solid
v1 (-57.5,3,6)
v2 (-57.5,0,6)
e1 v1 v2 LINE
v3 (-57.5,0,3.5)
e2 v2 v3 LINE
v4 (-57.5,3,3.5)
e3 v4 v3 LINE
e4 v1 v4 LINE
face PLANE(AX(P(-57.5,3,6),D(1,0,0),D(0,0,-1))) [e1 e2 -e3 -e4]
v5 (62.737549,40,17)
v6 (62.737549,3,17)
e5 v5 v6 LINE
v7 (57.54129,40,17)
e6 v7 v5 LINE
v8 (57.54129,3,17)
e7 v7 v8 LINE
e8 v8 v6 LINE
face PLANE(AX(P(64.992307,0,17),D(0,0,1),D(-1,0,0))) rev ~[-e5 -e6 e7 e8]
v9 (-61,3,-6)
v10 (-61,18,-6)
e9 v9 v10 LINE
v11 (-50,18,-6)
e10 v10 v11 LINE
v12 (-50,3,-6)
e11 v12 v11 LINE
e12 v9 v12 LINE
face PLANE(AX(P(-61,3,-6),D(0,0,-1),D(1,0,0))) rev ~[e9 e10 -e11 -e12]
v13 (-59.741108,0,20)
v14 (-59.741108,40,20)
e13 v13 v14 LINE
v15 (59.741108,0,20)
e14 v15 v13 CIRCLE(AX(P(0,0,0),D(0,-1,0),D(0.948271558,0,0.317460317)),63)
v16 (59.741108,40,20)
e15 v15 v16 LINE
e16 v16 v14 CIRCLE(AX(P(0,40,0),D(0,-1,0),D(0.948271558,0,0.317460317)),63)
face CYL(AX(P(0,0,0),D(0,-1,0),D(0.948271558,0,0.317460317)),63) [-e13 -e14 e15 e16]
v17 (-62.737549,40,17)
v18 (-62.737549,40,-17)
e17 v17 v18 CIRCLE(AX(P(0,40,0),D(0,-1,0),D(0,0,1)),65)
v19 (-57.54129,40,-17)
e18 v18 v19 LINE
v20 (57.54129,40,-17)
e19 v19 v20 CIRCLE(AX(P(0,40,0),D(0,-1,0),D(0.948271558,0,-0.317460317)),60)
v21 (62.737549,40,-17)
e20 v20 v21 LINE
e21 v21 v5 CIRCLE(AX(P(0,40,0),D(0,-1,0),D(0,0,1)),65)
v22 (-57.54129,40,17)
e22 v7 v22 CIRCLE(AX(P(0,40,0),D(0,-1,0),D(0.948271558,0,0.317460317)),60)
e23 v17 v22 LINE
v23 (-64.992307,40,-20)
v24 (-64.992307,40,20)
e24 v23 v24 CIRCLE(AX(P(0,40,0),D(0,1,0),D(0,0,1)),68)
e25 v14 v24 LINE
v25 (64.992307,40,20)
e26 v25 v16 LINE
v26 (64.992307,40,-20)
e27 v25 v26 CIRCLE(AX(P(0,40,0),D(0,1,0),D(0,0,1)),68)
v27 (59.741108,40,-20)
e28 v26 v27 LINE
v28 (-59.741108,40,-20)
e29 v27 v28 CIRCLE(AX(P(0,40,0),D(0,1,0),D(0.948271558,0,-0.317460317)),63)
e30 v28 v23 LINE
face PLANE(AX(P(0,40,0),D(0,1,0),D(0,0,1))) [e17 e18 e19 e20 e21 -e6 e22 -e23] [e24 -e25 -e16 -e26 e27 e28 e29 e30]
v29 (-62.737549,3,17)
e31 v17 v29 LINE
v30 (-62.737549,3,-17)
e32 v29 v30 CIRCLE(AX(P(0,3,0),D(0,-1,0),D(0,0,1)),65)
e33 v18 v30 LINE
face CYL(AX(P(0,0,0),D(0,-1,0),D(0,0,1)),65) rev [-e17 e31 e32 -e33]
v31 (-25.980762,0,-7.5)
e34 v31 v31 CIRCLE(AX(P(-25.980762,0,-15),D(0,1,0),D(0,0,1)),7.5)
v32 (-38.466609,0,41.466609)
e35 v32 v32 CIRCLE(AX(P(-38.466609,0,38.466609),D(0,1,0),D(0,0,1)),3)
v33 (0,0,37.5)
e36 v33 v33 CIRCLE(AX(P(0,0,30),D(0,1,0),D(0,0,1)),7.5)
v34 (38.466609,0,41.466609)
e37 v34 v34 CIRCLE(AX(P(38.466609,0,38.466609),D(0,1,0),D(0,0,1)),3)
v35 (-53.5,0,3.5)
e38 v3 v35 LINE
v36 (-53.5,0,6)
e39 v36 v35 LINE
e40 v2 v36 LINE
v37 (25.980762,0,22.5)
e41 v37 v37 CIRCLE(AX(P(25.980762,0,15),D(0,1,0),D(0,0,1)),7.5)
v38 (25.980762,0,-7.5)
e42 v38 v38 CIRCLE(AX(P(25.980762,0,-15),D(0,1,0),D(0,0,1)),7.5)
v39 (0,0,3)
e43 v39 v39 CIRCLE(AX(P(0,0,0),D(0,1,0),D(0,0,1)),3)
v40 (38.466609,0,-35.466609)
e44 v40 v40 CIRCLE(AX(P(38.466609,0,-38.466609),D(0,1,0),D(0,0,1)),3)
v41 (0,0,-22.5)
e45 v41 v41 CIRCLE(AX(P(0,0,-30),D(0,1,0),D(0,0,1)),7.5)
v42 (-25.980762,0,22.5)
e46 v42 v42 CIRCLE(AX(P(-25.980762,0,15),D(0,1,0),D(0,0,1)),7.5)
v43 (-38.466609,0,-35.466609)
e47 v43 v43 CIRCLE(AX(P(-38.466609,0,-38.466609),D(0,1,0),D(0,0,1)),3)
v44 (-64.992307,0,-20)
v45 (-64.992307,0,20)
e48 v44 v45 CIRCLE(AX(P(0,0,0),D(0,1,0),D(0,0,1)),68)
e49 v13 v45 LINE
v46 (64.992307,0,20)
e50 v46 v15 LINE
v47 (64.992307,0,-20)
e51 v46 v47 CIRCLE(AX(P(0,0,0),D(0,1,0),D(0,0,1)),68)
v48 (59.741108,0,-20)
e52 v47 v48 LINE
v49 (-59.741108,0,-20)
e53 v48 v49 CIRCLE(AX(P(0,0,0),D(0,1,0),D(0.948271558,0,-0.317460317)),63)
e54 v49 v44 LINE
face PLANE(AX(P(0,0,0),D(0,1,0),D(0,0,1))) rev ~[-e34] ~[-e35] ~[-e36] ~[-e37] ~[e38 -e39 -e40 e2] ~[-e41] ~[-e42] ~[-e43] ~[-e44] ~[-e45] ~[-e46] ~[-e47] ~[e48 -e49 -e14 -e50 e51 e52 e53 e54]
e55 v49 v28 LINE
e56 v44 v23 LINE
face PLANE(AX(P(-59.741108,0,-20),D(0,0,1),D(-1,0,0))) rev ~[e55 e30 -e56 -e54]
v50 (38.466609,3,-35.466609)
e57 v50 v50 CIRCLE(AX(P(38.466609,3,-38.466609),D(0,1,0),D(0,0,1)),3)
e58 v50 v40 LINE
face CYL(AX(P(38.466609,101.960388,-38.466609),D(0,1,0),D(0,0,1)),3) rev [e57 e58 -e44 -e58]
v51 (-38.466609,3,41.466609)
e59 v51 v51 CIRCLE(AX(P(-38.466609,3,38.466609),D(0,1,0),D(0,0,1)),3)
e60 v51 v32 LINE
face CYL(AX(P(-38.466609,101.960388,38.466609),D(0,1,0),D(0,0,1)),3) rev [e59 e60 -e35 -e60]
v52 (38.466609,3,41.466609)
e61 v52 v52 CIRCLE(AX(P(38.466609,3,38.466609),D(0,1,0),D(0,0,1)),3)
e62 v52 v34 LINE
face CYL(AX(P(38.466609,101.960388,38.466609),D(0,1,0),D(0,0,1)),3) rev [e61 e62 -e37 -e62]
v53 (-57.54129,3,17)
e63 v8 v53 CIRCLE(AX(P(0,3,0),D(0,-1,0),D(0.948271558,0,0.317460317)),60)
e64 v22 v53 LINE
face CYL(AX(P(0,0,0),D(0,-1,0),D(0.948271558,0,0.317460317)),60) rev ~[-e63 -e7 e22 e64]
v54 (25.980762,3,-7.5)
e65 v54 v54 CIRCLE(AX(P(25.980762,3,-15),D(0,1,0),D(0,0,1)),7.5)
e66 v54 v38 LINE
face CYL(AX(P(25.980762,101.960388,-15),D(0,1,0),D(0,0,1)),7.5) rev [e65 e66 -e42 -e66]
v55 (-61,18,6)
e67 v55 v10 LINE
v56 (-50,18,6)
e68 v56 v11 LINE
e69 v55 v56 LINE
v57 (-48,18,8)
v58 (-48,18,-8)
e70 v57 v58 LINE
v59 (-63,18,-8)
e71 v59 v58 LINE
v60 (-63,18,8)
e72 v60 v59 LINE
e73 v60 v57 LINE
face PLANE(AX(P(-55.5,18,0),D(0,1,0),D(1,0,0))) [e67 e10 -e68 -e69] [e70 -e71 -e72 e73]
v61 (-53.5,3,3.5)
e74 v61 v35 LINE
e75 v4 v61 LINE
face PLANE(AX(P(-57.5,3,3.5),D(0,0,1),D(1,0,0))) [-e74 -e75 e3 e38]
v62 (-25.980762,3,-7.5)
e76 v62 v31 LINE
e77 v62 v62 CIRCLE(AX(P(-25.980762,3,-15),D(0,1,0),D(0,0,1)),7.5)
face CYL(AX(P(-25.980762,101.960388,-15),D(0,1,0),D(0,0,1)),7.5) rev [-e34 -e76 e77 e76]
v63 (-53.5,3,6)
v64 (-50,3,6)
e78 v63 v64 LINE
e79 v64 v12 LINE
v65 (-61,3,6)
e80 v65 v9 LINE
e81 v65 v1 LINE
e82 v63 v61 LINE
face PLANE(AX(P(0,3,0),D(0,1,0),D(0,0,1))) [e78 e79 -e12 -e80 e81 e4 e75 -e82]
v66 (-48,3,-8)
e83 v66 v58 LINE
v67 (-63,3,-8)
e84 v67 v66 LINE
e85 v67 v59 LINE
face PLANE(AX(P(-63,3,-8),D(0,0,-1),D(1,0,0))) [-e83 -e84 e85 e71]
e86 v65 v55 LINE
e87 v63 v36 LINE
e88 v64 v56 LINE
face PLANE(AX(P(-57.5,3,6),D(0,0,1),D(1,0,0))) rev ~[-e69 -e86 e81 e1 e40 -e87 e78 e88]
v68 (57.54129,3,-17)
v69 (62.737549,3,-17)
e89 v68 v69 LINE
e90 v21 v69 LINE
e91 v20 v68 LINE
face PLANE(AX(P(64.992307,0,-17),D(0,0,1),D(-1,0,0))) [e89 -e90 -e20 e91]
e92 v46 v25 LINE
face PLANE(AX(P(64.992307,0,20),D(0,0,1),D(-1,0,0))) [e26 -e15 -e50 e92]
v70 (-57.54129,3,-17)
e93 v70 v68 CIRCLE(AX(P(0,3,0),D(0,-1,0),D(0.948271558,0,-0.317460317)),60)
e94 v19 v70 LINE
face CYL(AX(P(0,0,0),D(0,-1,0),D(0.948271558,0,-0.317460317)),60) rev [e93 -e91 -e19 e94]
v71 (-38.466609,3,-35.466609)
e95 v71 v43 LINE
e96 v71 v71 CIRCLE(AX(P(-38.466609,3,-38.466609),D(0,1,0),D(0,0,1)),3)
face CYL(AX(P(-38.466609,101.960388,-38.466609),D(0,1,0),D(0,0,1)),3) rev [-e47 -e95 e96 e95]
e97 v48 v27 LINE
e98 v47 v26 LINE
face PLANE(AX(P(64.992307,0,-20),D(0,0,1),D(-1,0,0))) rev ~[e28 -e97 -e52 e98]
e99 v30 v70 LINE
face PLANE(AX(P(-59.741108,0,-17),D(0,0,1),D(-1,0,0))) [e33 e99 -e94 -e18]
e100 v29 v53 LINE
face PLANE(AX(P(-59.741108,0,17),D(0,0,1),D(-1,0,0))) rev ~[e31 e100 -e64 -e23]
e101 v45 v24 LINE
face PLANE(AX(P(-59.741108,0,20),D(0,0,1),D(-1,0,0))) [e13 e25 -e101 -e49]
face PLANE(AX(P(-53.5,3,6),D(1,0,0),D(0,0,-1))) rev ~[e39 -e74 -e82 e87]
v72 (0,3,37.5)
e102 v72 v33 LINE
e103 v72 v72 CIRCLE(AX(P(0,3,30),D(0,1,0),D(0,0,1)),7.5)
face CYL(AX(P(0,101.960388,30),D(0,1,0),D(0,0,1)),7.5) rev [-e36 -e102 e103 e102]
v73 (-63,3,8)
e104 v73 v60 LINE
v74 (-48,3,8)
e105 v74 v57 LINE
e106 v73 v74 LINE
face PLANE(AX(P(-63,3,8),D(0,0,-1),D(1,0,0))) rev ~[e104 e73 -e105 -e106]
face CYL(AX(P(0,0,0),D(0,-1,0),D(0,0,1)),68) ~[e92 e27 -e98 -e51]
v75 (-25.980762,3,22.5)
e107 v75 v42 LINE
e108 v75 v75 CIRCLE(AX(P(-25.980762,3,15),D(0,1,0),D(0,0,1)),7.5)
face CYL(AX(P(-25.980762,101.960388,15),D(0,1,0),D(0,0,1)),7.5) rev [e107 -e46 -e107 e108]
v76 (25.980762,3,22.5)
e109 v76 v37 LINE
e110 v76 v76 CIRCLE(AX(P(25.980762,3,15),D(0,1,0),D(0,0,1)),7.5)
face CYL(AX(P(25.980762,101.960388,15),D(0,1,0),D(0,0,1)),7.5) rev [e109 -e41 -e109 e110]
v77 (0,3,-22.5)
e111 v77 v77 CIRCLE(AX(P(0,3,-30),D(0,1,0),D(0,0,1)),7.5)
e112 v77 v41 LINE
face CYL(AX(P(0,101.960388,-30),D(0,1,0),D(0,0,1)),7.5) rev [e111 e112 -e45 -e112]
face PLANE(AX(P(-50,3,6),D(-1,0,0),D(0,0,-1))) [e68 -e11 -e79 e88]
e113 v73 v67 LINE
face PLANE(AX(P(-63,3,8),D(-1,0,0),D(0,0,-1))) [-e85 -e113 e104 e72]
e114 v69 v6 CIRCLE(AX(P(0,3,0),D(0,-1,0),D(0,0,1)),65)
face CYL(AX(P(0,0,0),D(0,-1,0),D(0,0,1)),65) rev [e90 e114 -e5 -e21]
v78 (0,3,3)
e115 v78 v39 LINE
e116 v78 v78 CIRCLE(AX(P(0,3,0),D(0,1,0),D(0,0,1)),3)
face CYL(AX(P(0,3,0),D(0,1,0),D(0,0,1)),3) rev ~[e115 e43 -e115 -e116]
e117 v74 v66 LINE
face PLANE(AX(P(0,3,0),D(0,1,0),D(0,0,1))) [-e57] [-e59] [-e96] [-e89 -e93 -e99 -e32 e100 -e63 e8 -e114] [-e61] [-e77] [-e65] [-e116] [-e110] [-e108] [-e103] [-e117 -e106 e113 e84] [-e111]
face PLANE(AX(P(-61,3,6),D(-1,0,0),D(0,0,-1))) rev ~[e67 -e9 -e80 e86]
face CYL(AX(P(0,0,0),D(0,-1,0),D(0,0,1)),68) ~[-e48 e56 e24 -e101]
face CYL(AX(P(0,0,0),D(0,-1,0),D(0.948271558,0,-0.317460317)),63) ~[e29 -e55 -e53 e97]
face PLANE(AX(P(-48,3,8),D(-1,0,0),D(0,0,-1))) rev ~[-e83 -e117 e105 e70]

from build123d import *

# Parameters (mm, degrees)
SKETCH1_R               = 68
BOSS_EXTRUDE1_DEPTH     = 40
CUT_EXTRUDE1_START      = -40
CUT_EXTRUDE1_DEPTH      = 40
SHELL1_T                = -3
CUT_EXTRUDE2_DEPTH      = 101.960388272
CUT_EXTRUDE2_DEPTH_BACK = 101.960388272
SKETCH3_R               = 3
SKETCH3_R_2             = 7.5
SKETCH4_R               = 3
CUT_EXTRUDE3_DEPTH      = 3
SKETCH6_W               = 15
SKETCH6_H               = 16
SKETCH6_W_2             = 11
SKETCH6_H_2             = 12
BOSS_EXTRUDE2_DEPTH     = 15
SKETCH7_W               = 4
SKETCH7_H               = 2.5
CUT_EXTRUDE5_DEPTH      = 3


with BuildPart() as part:
    # Sketch1 → Boss-Extrude1 (new body)
    with BuildSketch(Plane(origin=(0, 0, 0), x_dir=(1, 0, 0), z_dir=(0, 1, 0))):
        with Locations(Location((0, 0, 0), (0, 0, 270))):
            Circle(SKETCH1_R)
    extrude(amount=BOSS_EXTRUDE1_DEPTH)

    # Sketch2 → Cut-Extrude1 (cut)
    with BuildSketch(Plane(origin=(0, 40, 0), x_dir=(1, 0, 0), z_dir=(0, 1, 0)).offset(CUT_EXTRUDE1_START)):
        with BuildLine():
            Line((-59.741108125, -20), (-64.992307237, -20))
            ThreePointArc((-64.992307237, -20), (0, -68), (64.992307237, -20))
            Line((64.992307237, -20), (59.741108125, -20))
            ThreePointArc((59.741108125, -20), (0, -63), (-59.741108125, -20))
        make_face()
        with BuildLine():
            Line((-59.741108125, 20), (-64.992307237, 20))
            ThreePointArc((-64.992307237, 20), (0, 68), (64.992307237, 20))
            Line((64.992307237, 20), (59.741108125, 20))
            ThreePointArc((59.741108125, 20), (0, 63), (-59.741108125, 20))
        make_face()
    extrude(amount=CUT_EXTRUDE1_DEPTH, mode=Mode.SUBTRACT)

    # Shell1
    shell1_openings = [part.faces().sort_by_distance(p)[0] for p in [
        (0, 40, 0),
    ]]
    offset(amount=SHELL1_T, openings=shell1_openings, kind=Kind.INTERSECTION)

    # Sketch3 → Cut-Extrude2 (cut, two sides: drawn at the far end of the back side and taken through both)
    with BuildSketch(Plane.XZ.offset(-CUT_EXTRUDE2_DEPTH_BACK)):
        with Locations(Location((-38.466608897, 38.466608897, 0), (0, 0, 90))):
            Circle(SKETCH3_R)
        with Locations(Location((38.466608897, -38.466608897, 0), (0, 0, 90))):
            Circle(SKETCH3_R)
        with Locations(Location((0, 30, 0), (0, 0, 90))):
            Circle(SKETCH3_R_2)
        with Locations(Location((25.980762114, 15, 0), (0, 0, 90))):
            Circle(SKETCH3_R_2)
        with Locations(Location((25.980762114, -15, 0), (0, 0, 90))):
            Circle(SKETCH3_R_2)
        with Locations(Location((0, -30, 0), (0, 0, 90))):
            Circle(SKETCH3_R_2)
        with Locations(Location((-25.980762114, -15, 0), (0, 0, 90))):
            Circle(SKETCH3_R_2)
        with Locations(Location((-25.980762114, 15, 0), (0, 0, 90))):
            Circle(SKETCH3_R_2)
        with Locations(Location((-38.466608897, -38.466608897, 0), (0, 0, 90))):
            Circle(SKETCH3_R)
        with Locations(Location((38.466608897, 38.466608897, 0), (0, 0, 90))):
            Circle(SKETCH3_R)
    extrude(amount=CUT_EXTRUDE2_DEPTH + CUT_EXTRUDE2_DEPTH_BACK, mode=Mode.SUBTRACT)

    # Sketch4 → Cut-Extrude3 (cut)
    with BuildSketch(Plane(origin=(0, 3, 0), x_dir=(1, 0, 0), z_dir=(0, 1, 0))):
        with Locations(Location((0, 0, 0), (0, 0, 270))):
            Circle(SKETCH4_R)
    extrude(amount=-CUT_EXTRUDE3_DEPTH, mode=Mode.SUBTRACT)

    # Sketch6 → Boss-Extrude2 (add)
    with BuildSketch(Plane(origin=(0, 3, 0), x_dir=(1, 0, 0), z_dir=(0, 1, 0))):
        with Locations((-55.5, 0)):
            Rectangle(SKETCH6_W, SKETCH6_H)
        with Locations((-55.5, 0)):
            Rectangle(SKETCH6_W_2, SKETCH6_H_2, mode=Mode.SUBTRACT)
    extrude(amount=BOSS_EXTRUDE2_DEPTH)

    # Sketch7 → Cut-Extrude5 (cut)
    with BuildSketch(Plane(origin=(0, 3, 0), x_dir=(1, 0, 0), z_dir=(0, 1, 0))):
        with Locations((-55.5, -4.75)):
            Rectangle(SKETCH7_W, SKETCH7_H)
    extrude(amount=-CUT_EXTRUDE5_DEPTH, mode=Mode.SUBTRACT)


solid = part.part
